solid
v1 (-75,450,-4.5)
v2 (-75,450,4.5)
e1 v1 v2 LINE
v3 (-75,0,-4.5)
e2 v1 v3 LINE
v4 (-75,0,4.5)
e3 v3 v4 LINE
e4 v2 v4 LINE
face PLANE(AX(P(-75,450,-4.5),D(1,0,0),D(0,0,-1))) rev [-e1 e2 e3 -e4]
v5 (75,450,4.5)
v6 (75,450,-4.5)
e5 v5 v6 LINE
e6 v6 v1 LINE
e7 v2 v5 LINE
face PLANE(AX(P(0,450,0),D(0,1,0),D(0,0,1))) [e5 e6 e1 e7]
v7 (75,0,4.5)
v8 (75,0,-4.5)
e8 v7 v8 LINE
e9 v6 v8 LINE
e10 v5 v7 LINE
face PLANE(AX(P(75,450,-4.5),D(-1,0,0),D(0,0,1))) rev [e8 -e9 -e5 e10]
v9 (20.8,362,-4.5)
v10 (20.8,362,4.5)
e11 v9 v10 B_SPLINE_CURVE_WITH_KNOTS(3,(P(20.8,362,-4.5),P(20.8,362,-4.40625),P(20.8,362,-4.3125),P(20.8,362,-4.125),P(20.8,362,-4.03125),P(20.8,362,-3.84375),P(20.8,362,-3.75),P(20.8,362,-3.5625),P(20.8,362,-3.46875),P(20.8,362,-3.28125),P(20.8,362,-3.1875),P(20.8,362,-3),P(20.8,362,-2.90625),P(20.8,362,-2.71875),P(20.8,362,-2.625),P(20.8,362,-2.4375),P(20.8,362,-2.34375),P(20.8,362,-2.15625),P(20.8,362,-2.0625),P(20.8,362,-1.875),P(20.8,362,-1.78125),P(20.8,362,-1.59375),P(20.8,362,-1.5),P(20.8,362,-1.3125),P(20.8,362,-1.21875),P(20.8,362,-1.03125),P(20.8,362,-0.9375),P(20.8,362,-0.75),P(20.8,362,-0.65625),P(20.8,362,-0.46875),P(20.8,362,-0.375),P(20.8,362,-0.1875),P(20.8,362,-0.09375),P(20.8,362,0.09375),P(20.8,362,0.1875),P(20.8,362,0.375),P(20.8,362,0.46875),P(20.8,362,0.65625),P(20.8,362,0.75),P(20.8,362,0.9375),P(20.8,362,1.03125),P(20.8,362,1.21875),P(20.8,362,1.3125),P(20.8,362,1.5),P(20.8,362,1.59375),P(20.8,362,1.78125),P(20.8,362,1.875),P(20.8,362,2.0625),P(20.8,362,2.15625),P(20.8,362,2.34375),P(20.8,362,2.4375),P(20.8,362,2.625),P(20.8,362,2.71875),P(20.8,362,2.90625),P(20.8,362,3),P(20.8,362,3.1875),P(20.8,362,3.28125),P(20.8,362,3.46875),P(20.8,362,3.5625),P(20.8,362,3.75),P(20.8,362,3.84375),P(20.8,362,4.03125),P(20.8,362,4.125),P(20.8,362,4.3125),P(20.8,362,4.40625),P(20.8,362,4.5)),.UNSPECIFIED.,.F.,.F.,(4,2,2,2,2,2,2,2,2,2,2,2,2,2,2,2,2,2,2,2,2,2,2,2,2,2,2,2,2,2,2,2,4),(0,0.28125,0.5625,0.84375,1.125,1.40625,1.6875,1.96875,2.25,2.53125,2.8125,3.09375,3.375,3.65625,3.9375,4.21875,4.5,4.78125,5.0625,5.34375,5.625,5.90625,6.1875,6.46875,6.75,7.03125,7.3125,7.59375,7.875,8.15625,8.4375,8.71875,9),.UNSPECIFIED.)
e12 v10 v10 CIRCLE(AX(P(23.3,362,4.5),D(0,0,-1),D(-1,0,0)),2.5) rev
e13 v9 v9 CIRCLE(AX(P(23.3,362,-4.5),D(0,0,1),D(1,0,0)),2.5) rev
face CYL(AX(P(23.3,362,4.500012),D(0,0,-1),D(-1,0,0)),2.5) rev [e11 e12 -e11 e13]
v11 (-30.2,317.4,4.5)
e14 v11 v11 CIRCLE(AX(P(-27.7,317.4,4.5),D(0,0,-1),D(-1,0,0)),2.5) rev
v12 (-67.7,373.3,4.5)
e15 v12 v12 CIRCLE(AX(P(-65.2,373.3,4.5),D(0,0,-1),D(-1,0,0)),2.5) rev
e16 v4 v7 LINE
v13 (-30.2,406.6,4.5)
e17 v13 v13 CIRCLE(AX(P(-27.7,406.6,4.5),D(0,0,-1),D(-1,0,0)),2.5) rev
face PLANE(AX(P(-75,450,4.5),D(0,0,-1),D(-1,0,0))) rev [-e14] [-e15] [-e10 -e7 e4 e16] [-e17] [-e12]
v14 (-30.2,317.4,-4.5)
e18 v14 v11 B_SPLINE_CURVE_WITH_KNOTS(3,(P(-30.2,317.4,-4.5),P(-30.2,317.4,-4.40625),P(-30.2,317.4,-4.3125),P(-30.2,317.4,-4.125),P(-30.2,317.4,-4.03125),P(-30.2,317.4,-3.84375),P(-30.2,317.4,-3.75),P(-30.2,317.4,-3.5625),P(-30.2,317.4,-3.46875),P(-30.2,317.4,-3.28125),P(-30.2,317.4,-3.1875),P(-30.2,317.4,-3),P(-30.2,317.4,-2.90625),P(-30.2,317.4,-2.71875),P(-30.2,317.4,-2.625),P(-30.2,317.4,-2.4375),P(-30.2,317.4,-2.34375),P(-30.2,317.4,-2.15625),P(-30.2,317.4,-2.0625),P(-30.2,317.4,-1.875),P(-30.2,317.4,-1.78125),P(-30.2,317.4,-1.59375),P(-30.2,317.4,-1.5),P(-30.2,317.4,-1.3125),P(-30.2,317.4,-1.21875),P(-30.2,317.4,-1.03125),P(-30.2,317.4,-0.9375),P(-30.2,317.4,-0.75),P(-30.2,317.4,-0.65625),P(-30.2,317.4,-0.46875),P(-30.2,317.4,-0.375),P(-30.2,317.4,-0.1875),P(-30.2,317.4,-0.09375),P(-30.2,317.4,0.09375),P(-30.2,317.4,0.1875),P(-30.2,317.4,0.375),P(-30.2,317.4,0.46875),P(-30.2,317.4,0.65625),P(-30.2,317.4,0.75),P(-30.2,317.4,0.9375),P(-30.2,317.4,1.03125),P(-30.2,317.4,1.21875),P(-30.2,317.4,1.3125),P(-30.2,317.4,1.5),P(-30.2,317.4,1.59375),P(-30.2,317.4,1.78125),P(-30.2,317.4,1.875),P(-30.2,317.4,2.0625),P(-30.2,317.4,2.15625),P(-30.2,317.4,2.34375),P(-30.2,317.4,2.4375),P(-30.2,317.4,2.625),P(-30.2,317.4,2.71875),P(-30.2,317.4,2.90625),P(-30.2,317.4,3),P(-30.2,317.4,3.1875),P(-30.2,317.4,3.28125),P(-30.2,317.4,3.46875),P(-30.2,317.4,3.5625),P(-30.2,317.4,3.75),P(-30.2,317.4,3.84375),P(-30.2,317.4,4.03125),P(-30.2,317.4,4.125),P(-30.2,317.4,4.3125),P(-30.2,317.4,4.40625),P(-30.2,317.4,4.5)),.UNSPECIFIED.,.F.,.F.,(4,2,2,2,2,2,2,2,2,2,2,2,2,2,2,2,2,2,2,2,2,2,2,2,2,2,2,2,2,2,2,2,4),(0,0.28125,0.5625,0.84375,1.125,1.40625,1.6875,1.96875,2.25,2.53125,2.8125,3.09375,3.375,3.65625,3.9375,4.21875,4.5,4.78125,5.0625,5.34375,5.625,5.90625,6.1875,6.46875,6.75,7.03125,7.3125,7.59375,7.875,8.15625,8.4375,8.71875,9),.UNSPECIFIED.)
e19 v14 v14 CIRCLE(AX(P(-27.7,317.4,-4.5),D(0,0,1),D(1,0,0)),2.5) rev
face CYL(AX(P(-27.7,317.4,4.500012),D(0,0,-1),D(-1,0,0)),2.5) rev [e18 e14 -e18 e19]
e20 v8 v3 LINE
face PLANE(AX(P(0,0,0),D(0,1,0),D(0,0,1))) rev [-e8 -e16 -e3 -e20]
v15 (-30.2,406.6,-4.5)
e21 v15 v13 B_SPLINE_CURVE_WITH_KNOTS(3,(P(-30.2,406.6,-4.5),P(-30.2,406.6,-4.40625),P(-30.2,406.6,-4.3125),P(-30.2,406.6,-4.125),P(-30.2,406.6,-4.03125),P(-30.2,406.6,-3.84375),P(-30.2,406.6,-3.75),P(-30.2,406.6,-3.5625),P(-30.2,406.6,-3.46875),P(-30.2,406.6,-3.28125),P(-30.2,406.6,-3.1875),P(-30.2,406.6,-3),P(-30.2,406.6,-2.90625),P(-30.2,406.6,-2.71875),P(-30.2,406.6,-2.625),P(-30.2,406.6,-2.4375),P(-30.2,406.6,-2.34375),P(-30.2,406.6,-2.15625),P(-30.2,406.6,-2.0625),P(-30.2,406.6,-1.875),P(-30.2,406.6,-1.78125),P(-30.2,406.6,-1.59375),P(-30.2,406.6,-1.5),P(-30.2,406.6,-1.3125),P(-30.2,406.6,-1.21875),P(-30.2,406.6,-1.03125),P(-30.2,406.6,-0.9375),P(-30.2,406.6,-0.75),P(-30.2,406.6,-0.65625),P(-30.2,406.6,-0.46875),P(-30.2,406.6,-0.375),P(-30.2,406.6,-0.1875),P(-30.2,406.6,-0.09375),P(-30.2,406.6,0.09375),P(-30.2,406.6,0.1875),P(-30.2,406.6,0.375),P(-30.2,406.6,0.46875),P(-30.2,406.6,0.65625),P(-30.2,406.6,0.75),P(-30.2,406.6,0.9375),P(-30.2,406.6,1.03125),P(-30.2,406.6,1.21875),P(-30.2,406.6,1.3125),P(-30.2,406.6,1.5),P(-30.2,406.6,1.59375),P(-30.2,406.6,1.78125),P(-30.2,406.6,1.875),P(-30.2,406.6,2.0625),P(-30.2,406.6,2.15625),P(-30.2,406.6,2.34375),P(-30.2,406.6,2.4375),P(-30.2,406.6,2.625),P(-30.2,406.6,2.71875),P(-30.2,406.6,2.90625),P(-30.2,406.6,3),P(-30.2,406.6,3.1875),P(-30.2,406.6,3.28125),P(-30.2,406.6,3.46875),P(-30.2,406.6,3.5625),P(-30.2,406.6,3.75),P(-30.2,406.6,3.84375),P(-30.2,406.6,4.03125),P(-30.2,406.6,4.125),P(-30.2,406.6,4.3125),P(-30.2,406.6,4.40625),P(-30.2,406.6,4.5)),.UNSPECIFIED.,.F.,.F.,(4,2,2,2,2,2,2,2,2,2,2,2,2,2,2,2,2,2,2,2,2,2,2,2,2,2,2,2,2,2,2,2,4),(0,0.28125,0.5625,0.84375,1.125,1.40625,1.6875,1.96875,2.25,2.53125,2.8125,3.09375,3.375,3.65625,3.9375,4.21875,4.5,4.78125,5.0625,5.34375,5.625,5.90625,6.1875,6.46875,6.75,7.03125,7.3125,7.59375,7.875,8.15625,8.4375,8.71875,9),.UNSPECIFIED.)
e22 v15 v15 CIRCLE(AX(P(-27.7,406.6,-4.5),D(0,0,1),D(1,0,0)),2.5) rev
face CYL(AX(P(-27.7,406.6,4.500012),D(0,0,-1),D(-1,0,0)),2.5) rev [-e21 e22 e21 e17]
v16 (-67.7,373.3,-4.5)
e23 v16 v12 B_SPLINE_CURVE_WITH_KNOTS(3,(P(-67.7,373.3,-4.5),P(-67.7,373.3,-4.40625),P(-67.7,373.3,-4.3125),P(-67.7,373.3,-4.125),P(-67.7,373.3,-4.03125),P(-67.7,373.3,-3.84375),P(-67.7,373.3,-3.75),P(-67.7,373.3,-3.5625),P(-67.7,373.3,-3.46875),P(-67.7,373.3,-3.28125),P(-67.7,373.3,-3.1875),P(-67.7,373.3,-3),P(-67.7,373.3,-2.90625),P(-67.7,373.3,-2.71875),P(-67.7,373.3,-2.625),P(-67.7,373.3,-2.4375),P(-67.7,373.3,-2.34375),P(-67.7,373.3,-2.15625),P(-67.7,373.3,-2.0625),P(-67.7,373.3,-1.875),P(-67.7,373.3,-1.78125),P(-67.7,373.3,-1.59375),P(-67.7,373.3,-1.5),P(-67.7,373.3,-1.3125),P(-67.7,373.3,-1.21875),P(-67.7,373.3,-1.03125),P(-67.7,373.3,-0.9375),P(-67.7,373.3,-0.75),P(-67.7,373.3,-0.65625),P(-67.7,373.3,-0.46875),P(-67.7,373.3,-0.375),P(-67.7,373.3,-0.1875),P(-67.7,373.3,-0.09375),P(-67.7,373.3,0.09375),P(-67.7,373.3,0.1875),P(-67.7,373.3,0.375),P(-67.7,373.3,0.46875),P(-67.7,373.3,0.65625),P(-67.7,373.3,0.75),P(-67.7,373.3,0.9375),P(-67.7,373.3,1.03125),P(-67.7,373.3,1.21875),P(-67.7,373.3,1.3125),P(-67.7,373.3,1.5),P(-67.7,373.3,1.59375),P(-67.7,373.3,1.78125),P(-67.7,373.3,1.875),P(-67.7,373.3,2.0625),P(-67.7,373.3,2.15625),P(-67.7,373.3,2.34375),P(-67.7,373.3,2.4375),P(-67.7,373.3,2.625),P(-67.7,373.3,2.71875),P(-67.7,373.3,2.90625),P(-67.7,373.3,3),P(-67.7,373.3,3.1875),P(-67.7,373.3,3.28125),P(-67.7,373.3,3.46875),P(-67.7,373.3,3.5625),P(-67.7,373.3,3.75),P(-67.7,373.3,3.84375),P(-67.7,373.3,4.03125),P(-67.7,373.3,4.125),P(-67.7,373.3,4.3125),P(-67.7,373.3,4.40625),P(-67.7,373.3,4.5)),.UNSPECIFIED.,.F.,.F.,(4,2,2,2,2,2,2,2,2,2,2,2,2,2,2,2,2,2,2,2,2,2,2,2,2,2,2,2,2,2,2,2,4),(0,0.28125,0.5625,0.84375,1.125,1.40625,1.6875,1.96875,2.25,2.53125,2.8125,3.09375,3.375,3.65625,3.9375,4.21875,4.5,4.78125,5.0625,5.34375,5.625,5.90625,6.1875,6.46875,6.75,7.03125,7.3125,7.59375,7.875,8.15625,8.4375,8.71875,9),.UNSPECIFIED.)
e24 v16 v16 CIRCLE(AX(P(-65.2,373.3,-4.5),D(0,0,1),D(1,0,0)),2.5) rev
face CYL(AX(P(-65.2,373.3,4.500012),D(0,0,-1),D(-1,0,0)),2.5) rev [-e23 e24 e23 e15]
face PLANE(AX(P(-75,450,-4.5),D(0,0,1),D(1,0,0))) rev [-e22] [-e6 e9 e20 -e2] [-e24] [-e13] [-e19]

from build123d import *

# Parameters (mm, degrees)
SKETCH1_W                      = 150
SKETCH1_H                      = 9
BOSS_EXTRUDE1_DEPTH            = 450
CUT_EXTRUDE1_REACH             = 458.296
SKETCH2_R                      = 2.5
CUT_EXTRUDE1_DIRECTION_2_DEPTH = 457.29595659


with BuildPart() as part:
    # Sketch1 → Boss-Extrude1 (new body)
    with BuildSketch(Plane(origin=(0, 0, 0), x_dir=(1, 0, 0), z_dir=(0, 1, 0))):
        Rectangle(SKETCH1_W, SKETCH1_H)
    extrude(amount=BOSS_EXTRUDE1_DEPTH)

    # Sketch2 → Cut-Extrude1 (cut, up to next)
    with BuildSketch(Plane.XY.offset(4.5), mode=Mode.PRIVATE) as cut_extrude1_sk1:
        with Locations(Location((-27.7, 406.6, 0), (0, 0, 180))):
            Circle(SKETCH2_R)
    cut_extrude1_tool1 = extrude(cut_extrude1_sk1.sketch, amount=-CUT_EXTRUDE1_REACH, mode=Mode.PRIVATE) & part.part
    # Sketch2 → Cut-Extrude1 (cut, up to next)
    with BuildSketch(Plane.XY.offset(4.5), mode=Mode.PRIVATE) as cut_extrude1_sk2:
        with Locations(Location((-27.7, 317.4, 0), (0, 0, 180))):
            Circle(SKETCH2_R)
    cut_extrude1_tool2 = extrude(cut_extrude1_sk2.sketch, amount=-CUT_EXTRUDE1_REACH, mode=Mode.PRIVATE) & part.part
    # Sketch2 → Cut-Extrude1 (cut, up to next)
    with BuildSketch(Plane.XY.offset(4.5), mode=Mode.PRIVATE) as cut_extrude1_sk3:
        with Locations(Location((23.3, 362, 0), (0, 0, 180))):
            Circle(SKETCH2_R)
    cut_extrude1_tool3 = extrude(cut_extrude1_sk3.sketch, amount=-CUT_EXTRUDE1_REACH, mode=Mode.PRIVATE) & part.part
    # Sketch2 → Cut-Extrude1 (cut, up to next)
    with BuildSketch(Plane.XY.offset(4.5), mode=Mode.PRIVATE) as cut_extrude1_sk4:
        with Locations(Location((-65.2, 373.3, 0), (0, 0, 180))):
            Circle(SKETCH2_R)
    cut_extrude1_tool4 = extrude(cut_extrude1_sk4.sketch, amount=-CUT_EXTRUDE1_REACH, mode=Mode.PRIVATE) & part.part
    add(cut_extrude1_tool1.solids().sort_by_distance((-27.7, 406.6, 4.5))[0], mode=Mode.SUBTRACT)
    add(cut_extrude1_tool2.solids().sort_by_distance((-27.7, 317.4, 4.5))[0], mode=Mode.SUBTRACT)
    add(cut_extrude1_tool3.solids().sort_by_distance((23.3, 362, 4.5))[0], mode=Mode.SUBTRACT)
    add(cut_extrude1_tool4.solids().sort_by_distance((-65.2, 373.3, 4.5))[0], mode=Mode.SUBTRACT)

    # Sketch2 → Cut-Extrude1 direction 2 (cut)
    with BuildSketch(Plane.XY.offset(4.5)):
        with Locations(Location((-27.7, 406.6, 0), (0, 0, 180))):
            Circle(SKETCH2_R)
        with Locations(Location((-27.7, 317.4, 0), (0, 0, 180))):
            Circle(SKETCH2_R)
        with Locations(Location((23.3, 362, 0), (0, 0, 180))):
            Circle(SKETCH2_R)
        with Locations(Location((-65.2, 373.3, 0), (0, 0, 180))):
            Circle(SKETCH2_R)
    extrude(amount=CUT_EXTRUDE1_DIRECTION_2_DEPTH, mode=Mode.SUBTRACT)


solid = part.part
